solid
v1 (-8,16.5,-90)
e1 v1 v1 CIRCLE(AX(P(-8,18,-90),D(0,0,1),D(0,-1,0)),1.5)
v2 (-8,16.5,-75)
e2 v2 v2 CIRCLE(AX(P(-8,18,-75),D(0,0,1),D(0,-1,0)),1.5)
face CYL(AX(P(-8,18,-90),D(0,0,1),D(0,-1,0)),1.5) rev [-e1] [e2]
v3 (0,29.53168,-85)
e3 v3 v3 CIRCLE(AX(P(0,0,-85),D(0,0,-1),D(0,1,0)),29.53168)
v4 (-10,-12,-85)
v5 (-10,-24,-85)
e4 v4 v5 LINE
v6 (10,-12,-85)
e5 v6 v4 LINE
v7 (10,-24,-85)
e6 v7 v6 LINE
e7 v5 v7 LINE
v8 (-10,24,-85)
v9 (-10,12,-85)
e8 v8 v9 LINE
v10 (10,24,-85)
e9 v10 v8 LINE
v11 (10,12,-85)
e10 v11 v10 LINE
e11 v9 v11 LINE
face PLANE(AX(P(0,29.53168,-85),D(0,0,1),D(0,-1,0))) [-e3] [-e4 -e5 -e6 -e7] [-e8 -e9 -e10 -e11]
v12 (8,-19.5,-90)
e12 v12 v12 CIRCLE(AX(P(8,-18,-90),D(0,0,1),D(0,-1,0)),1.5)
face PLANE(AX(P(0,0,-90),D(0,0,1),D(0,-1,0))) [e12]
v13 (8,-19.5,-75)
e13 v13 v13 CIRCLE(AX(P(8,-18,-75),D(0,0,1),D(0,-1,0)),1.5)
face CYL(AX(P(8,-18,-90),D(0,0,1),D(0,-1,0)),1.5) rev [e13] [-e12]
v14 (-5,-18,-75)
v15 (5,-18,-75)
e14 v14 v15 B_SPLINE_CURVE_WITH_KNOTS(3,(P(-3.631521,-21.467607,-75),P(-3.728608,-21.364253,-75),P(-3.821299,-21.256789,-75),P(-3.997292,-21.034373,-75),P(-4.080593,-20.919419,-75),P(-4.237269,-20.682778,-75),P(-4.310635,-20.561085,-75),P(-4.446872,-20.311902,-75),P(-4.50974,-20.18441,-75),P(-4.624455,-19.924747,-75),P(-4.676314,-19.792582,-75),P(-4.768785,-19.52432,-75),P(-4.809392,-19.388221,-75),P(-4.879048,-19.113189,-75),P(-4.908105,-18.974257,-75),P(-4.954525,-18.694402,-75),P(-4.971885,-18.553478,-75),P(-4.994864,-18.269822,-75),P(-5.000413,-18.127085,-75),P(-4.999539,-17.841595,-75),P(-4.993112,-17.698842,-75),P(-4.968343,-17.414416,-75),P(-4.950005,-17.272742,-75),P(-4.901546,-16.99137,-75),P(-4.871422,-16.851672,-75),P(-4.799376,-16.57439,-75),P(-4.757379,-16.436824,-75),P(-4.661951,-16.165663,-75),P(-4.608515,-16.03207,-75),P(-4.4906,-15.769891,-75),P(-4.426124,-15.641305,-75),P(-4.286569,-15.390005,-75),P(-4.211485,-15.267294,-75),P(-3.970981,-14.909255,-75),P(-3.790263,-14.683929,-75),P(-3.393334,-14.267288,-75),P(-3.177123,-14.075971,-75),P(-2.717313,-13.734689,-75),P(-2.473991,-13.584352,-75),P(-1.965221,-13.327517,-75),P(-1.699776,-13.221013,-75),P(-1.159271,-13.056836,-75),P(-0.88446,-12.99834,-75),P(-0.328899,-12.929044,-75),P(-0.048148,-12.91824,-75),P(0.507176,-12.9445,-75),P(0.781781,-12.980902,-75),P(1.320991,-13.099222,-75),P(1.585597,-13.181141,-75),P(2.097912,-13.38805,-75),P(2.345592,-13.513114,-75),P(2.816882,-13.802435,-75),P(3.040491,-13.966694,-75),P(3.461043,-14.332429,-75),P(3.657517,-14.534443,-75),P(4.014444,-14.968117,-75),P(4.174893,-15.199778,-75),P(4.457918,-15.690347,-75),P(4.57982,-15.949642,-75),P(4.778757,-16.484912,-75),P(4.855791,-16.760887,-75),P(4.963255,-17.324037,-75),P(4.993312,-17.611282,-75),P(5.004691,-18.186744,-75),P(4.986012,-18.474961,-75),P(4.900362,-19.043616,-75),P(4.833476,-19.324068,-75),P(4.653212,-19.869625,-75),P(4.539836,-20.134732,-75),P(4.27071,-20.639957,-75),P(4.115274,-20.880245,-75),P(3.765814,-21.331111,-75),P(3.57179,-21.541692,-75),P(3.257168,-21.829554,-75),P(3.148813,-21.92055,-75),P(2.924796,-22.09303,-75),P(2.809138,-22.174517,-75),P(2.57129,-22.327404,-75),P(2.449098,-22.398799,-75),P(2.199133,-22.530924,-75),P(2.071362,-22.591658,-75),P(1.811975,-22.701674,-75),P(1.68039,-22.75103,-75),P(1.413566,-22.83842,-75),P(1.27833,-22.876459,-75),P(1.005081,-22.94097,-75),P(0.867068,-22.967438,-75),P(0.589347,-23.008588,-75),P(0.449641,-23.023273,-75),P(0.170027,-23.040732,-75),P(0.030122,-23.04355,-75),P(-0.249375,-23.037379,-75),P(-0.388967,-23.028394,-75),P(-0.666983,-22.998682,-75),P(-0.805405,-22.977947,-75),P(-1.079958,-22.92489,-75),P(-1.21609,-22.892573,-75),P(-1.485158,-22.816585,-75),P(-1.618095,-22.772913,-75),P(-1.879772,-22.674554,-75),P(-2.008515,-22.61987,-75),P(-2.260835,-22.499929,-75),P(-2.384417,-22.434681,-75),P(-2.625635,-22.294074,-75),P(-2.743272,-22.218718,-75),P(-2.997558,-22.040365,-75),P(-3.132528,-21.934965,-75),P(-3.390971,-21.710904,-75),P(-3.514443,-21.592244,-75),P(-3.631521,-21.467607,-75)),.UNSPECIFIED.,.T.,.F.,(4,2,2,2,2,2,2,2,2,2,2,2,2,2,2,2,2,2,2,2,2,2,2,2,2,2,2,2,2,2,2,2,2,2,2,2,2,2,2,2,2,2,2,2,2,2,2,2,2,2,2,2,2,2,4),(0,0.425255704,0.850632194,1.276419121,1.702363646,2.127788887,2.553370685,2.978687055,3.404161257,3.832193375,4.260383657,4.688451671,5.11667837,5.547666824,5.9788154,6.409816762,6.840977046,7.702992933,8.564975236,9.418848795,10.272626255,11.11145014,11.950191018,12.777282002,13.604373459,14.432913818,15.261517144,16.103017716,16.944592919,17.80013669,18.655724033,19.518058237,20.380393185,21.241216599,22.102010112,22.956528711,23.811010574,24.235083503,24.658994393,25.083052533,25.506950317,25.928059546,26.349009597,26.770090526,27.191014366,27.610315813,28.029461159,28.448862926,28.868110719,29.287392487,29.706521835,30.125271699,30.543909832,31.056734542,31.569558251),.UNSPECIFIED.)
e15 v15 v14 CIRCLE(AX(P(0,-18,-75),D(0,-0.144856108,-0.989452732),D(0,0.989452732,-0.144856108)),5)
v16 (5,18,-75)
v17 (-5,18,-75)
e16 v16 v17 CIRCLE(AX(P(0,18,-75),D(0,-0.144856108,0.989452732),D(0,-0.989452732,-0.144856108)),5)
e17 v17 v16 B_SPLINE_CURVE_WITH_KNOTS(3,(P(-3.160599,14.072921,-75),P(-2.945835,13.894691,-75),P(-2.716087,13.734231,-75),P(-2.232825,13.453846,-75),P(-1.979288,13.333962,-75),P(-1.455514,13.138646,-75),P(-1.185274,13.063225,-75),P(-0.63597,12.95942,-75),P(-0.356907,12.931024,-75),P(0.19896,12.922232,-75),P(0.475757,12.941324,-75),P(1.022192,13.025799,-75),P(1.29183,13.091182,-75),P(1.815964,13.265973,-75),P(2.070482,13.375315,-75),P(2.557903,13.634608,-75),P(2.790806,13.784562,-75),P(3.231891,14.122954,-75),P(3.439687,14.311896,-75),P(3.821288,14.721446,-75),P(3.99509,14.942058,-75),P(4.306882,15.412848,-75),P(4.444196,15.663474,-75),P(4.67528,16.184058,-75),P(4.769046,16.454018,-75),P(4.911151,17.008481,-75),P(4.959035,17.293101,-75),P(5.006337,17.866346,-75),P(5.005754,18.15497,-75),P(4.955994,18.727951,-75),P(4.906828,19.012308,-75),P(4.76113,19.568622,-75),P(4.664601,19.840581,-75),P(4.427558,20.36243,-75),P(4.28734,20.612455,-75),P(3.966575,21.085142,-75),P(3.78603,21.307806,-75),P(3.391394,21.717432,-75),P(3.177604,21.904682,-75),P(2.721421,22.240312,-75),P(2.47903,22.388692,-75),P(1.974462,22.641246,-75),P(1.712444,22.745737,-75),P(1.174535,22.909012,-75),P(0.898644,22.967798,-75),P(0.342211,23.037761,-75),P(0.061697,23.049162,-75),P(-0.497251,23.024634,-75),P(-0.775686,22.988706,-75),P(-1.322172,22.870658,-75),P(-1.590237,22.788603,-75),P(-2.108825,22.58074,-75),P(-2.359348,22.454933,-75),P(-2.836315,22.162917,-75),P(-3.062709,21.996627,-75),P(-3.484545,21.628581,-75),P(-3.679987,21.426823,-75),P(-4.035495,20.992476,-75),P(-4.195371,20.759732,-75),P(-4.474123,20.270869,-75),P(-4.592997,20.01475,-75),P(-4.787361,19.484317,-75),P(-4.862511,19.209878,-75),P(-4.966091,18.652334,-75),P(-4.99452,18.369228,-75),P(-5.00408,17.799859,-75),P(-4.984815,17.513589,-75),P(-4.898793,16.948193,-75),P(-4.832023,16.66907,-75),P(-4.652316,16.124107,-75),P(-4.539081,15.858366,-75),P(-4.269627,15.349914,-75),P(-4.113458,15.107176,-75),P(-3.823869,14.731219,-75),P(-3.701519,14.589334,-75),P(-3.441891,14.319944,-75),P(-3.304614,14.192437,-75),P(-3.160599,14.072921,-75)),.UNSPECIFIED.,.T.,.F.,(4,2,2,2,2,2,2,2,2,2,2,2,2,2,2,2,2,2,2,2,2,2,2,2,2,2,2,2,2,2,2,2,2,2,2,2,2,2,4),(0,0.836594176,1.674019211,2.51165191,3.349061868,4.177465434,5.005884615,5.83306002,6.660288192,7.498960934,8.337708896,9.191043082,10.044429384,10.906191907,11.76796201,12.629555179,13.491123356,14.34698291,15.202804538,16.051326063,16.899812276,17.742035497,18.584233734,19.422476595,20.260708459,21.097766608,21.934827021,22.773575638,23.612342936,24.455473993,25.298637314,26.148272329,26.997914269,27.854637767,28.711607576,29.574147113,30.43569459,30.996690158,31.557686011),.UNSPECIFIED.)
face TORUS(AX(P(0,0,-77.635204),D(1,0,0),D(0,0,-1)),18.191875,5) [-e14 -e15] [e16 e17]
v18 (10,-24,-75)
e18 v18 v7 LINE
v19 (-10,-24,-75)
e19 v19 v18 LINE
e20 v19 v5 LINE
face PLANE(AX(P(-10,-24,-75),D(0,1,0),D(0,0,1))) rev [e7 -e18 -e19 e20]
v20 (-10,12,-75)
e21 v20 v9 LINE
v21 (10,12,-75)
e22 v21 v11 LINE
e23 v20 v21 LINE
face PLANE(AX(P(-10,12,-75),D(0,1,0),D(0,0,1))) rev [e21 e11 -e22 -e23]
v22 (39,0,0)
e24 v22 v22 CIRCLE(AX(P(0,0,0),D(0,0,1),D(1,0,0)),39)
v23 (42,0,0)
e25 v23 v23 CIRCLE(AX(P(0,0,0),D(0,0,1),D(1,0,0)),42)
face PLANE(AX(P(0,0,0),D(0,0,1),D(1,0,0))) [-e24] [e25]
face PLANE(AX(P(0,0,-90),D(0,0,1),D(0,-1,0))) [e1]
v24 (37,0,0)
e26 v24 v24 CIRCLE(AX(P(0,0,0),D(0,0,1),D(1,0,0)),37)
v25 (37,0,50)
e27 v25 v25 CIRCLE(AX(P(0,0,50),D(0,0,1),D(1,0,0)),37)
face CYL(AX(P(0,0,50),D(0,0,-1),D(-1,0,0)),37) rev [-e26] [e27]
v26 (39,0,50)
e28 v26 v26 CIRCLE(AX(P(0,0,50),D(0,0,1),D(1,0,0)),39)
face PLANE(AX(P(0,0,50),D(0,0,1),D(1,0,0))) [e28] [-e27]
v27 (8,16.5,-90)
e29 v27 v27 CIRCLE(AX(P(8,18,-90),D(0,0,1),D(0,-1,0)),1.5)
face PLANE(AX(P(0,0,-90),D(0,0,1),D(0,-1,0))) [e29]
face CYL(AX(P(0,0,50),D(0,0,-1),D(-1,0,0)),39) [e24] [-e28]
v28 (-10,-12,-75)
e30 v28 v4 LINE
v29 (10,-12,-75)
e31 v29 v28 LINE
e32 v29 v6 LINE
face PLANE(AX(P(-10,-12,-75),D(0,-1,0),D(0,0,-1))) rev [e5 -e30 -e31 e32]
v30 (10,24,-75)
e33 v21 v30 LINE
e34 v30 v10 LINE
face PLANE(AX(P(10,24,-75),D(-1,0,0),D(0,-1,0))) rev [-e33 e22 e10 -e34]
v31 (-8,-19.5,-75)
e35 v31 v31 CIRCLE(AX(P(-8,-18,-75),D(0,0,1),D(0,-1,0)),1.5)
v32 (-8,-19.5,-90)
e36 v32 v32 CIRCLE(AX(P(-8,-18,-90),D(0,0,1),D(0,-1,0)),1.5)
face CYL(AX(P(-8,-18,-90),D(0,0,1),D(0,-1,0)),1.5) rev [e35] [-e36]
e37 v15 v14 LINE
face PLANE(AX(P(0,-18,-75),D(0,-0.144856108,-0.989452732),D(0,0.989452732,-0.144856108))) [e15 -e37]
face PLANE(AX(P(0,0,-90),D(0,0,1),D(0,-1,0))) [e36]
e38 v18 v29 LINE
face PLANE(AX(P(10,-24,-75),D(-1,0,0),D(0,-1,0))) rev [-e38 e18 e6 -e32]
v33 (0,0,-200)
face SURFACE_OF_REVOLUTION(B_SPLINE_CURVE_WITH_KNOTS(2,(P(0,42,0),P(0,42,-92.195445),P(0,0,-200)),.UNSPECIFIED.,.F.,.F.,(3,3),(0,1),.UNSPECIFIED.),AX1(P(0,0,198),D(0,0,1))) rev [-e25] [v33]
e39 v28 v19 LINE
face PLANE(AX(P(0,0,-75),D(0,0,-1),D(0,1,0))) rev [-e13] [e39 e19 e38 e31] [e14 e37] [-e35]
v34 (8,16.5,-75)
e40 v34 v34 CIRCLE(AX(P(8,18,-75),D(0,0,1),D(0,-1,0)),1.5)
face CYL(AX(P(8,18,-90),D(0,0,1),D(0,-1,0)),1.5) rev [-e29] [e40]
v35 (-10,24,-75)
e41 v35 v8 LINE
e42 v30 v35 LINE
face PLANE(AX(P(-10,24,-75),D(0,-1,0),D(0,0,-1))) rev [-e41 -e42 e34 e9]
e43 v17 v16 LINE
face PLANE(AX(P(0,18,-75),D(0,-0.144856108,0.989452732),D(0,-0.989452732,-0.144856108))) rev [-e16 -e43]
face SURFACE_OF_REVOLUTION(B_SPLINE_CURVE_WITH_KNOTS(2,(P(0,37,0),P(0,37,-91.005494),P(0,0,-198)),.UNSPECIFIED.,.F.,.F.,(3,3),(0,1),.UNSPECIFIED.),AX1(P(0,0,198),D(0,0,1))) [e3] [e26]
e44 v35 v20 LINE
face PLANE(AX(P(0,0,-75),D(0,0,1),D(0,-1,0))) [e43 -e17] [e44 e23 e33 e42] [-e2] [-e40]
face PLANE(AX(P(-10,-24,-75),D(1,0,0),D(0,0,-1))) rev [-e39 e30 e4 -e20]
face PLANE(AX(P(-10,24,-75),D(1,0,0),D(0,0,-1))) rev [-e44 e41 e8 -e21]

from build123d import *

# Parameters (mm, degrees)
SKETCH18_W          = 20
SKETCH18_H          = 12
BOSS_EXTRUDE2_DEPTH = 10
SKETCH19_R          = 1.5
CUT_EXTRUDE1_DEPTH  = 15
SWEEP2_PROFILE_R    = 5
SKETCH39_R          = 39
SKETCH39_R_2        = 37
BOSS_EXTRUDE4_DEPTH = 50


with BuildPart() as part:
    # Sketch1 → Revolve6 (revolve)
    with BuildSketch(Plane(origin=(0, 0, 0), x_dir=(0, 0, -1), z_dir=(1, 0, 0))):
        with BuildLine():
            Line((0, 42), (0, 37))
            add(Edge.make_bspline(
                [(0, 37), (91.00549434, 37), (198, 0)],
                knots=[0, 0, 0, 1, 1, 1], degree=2))
            Line((198, 0), (200, 0))
            add(Edge.make_bspline(
                [(0, 42), (92.195444573, 42), (200, 0)],
                knots=[0, 0, 0, 1, 1, 1], degree=2))
        make_face()
    revolve(axis=Axis((0, 0, 198), (0, 0, -1)))



with BuildPart() as body_2:
    # Sketch15 → Revolve7 (revolve)
    with BuildSketch(Plane(origin=(0, 0, 0), x_dir=(0, 0, -1), z_dir=(1, 0, 0))):
        with BuildLine():
            Line((0, 37), (0, 0))
            Line((0, 0), (198, 0))
            add(Edge.make_bspline(
                [(0, 37), (91.00549434, 37), (198, 0)],
                knots=[0, 0, 0, 1, 1, 1], degree=2))
        make_face()
    revolve(axis=Axis((0, 0, -198), (0, 0, 1)))

    # Sketch16 → Cut-Revolve1 (revolve, cut)
    with BuildSketch(Plane(origin=(0, 0, 0), x_dir=(0, 0, -1), z_dir=(1, 0, 0))):
        with BuildLine():
            Line((85, 1.5e-08), (0, 0))
            Line((0, 0), (2.5e-08, 37))
            add(Edge.make_bspline(
                [(2.5e-08, 37), (40.886337168, 36.999999998), (85, 29.531680157)],
                knots=[0, 0, 0, 1, 1, 1], degree=2))
            Line((85, 29.531680157), (85, 1.5e-08))
        make_face()
    revolve(axis=Axis((0, 1.5e-08, -85), (0, -1.7796762949934384e-10, 1.0)), mode=Mode.SUBTRACT)


with BuildPart() as part_1:
    add(part.part)

    add(body_2.part)  # Boss-Extrude2 merges body 2
    # Sketch18 → Boss-Extrude2 (add)
    with BuildSketch(Plane.XY.offset(-85.000000003)):
        with Locations((0, 18)):
            Rectangle(SKETCH18_W, SKETCH18_H)
        with Locations((0, -18)):
            Rectangle(SKETCH18_W, SKETCH18_H)
    extrude(amount=BOSS_EXTRUDE2_DEPTH)

    # Sketch19 → Cut-Extrude1 (cut)
    with BuildSketch(Plane.XY.offset(-75.000000003)):
        with Locations((8, -18)):
            Circle(SKETCH19_R)
        with Locations((-8, -18)):
            Circle(SKETCH19_R)
        with Locations((8, 18)):
            Circle(SKETCH19_R)
        with Locations((-8, 18)):
            Circle(SKETCH19_R)
    extrude(amount=-CUT_EXTRUDE1_DEPTH, mode=Mode.SUBTRACT)

    # Sweep2: sweep along a path in Sketch22
    with BuildLine(Plane(origin=(0, 0, 0), x_dir=(0, 0, -1), z_dir=(1, 0, 0))) as sweep2_path:
        ThreePointArc((74.999999999, 18.000000013), (59.443329555, -3e-09), (75.000000005, -18.000000014))
    # Sweep2 profile (on start of the path) → Sweep2 (sweep)
    with BuildSketch(Plane(origin=(0, 18.000000013, -74.999999999), x_dir=(0, 0.9894527315338124, 0.14485610812208577), z_dir=(0, -0.14485610812208577, 0.9894527315338124))):
        Circle(SWEEP2_PROFILE_R)
    sweep(path=sweep2_path.line)

    # Sketch39 → Boss-Extrude4 (add)
    with BuildSketch(Plane.XY):
        Circle(SKETCH39_R)
        Circle(SKETCH39_R_2, mode=Mode.SUBTRACT)
    extrude(amount=BOSS_EXTRUDE4_DEPTH)


solid = part_1.part
